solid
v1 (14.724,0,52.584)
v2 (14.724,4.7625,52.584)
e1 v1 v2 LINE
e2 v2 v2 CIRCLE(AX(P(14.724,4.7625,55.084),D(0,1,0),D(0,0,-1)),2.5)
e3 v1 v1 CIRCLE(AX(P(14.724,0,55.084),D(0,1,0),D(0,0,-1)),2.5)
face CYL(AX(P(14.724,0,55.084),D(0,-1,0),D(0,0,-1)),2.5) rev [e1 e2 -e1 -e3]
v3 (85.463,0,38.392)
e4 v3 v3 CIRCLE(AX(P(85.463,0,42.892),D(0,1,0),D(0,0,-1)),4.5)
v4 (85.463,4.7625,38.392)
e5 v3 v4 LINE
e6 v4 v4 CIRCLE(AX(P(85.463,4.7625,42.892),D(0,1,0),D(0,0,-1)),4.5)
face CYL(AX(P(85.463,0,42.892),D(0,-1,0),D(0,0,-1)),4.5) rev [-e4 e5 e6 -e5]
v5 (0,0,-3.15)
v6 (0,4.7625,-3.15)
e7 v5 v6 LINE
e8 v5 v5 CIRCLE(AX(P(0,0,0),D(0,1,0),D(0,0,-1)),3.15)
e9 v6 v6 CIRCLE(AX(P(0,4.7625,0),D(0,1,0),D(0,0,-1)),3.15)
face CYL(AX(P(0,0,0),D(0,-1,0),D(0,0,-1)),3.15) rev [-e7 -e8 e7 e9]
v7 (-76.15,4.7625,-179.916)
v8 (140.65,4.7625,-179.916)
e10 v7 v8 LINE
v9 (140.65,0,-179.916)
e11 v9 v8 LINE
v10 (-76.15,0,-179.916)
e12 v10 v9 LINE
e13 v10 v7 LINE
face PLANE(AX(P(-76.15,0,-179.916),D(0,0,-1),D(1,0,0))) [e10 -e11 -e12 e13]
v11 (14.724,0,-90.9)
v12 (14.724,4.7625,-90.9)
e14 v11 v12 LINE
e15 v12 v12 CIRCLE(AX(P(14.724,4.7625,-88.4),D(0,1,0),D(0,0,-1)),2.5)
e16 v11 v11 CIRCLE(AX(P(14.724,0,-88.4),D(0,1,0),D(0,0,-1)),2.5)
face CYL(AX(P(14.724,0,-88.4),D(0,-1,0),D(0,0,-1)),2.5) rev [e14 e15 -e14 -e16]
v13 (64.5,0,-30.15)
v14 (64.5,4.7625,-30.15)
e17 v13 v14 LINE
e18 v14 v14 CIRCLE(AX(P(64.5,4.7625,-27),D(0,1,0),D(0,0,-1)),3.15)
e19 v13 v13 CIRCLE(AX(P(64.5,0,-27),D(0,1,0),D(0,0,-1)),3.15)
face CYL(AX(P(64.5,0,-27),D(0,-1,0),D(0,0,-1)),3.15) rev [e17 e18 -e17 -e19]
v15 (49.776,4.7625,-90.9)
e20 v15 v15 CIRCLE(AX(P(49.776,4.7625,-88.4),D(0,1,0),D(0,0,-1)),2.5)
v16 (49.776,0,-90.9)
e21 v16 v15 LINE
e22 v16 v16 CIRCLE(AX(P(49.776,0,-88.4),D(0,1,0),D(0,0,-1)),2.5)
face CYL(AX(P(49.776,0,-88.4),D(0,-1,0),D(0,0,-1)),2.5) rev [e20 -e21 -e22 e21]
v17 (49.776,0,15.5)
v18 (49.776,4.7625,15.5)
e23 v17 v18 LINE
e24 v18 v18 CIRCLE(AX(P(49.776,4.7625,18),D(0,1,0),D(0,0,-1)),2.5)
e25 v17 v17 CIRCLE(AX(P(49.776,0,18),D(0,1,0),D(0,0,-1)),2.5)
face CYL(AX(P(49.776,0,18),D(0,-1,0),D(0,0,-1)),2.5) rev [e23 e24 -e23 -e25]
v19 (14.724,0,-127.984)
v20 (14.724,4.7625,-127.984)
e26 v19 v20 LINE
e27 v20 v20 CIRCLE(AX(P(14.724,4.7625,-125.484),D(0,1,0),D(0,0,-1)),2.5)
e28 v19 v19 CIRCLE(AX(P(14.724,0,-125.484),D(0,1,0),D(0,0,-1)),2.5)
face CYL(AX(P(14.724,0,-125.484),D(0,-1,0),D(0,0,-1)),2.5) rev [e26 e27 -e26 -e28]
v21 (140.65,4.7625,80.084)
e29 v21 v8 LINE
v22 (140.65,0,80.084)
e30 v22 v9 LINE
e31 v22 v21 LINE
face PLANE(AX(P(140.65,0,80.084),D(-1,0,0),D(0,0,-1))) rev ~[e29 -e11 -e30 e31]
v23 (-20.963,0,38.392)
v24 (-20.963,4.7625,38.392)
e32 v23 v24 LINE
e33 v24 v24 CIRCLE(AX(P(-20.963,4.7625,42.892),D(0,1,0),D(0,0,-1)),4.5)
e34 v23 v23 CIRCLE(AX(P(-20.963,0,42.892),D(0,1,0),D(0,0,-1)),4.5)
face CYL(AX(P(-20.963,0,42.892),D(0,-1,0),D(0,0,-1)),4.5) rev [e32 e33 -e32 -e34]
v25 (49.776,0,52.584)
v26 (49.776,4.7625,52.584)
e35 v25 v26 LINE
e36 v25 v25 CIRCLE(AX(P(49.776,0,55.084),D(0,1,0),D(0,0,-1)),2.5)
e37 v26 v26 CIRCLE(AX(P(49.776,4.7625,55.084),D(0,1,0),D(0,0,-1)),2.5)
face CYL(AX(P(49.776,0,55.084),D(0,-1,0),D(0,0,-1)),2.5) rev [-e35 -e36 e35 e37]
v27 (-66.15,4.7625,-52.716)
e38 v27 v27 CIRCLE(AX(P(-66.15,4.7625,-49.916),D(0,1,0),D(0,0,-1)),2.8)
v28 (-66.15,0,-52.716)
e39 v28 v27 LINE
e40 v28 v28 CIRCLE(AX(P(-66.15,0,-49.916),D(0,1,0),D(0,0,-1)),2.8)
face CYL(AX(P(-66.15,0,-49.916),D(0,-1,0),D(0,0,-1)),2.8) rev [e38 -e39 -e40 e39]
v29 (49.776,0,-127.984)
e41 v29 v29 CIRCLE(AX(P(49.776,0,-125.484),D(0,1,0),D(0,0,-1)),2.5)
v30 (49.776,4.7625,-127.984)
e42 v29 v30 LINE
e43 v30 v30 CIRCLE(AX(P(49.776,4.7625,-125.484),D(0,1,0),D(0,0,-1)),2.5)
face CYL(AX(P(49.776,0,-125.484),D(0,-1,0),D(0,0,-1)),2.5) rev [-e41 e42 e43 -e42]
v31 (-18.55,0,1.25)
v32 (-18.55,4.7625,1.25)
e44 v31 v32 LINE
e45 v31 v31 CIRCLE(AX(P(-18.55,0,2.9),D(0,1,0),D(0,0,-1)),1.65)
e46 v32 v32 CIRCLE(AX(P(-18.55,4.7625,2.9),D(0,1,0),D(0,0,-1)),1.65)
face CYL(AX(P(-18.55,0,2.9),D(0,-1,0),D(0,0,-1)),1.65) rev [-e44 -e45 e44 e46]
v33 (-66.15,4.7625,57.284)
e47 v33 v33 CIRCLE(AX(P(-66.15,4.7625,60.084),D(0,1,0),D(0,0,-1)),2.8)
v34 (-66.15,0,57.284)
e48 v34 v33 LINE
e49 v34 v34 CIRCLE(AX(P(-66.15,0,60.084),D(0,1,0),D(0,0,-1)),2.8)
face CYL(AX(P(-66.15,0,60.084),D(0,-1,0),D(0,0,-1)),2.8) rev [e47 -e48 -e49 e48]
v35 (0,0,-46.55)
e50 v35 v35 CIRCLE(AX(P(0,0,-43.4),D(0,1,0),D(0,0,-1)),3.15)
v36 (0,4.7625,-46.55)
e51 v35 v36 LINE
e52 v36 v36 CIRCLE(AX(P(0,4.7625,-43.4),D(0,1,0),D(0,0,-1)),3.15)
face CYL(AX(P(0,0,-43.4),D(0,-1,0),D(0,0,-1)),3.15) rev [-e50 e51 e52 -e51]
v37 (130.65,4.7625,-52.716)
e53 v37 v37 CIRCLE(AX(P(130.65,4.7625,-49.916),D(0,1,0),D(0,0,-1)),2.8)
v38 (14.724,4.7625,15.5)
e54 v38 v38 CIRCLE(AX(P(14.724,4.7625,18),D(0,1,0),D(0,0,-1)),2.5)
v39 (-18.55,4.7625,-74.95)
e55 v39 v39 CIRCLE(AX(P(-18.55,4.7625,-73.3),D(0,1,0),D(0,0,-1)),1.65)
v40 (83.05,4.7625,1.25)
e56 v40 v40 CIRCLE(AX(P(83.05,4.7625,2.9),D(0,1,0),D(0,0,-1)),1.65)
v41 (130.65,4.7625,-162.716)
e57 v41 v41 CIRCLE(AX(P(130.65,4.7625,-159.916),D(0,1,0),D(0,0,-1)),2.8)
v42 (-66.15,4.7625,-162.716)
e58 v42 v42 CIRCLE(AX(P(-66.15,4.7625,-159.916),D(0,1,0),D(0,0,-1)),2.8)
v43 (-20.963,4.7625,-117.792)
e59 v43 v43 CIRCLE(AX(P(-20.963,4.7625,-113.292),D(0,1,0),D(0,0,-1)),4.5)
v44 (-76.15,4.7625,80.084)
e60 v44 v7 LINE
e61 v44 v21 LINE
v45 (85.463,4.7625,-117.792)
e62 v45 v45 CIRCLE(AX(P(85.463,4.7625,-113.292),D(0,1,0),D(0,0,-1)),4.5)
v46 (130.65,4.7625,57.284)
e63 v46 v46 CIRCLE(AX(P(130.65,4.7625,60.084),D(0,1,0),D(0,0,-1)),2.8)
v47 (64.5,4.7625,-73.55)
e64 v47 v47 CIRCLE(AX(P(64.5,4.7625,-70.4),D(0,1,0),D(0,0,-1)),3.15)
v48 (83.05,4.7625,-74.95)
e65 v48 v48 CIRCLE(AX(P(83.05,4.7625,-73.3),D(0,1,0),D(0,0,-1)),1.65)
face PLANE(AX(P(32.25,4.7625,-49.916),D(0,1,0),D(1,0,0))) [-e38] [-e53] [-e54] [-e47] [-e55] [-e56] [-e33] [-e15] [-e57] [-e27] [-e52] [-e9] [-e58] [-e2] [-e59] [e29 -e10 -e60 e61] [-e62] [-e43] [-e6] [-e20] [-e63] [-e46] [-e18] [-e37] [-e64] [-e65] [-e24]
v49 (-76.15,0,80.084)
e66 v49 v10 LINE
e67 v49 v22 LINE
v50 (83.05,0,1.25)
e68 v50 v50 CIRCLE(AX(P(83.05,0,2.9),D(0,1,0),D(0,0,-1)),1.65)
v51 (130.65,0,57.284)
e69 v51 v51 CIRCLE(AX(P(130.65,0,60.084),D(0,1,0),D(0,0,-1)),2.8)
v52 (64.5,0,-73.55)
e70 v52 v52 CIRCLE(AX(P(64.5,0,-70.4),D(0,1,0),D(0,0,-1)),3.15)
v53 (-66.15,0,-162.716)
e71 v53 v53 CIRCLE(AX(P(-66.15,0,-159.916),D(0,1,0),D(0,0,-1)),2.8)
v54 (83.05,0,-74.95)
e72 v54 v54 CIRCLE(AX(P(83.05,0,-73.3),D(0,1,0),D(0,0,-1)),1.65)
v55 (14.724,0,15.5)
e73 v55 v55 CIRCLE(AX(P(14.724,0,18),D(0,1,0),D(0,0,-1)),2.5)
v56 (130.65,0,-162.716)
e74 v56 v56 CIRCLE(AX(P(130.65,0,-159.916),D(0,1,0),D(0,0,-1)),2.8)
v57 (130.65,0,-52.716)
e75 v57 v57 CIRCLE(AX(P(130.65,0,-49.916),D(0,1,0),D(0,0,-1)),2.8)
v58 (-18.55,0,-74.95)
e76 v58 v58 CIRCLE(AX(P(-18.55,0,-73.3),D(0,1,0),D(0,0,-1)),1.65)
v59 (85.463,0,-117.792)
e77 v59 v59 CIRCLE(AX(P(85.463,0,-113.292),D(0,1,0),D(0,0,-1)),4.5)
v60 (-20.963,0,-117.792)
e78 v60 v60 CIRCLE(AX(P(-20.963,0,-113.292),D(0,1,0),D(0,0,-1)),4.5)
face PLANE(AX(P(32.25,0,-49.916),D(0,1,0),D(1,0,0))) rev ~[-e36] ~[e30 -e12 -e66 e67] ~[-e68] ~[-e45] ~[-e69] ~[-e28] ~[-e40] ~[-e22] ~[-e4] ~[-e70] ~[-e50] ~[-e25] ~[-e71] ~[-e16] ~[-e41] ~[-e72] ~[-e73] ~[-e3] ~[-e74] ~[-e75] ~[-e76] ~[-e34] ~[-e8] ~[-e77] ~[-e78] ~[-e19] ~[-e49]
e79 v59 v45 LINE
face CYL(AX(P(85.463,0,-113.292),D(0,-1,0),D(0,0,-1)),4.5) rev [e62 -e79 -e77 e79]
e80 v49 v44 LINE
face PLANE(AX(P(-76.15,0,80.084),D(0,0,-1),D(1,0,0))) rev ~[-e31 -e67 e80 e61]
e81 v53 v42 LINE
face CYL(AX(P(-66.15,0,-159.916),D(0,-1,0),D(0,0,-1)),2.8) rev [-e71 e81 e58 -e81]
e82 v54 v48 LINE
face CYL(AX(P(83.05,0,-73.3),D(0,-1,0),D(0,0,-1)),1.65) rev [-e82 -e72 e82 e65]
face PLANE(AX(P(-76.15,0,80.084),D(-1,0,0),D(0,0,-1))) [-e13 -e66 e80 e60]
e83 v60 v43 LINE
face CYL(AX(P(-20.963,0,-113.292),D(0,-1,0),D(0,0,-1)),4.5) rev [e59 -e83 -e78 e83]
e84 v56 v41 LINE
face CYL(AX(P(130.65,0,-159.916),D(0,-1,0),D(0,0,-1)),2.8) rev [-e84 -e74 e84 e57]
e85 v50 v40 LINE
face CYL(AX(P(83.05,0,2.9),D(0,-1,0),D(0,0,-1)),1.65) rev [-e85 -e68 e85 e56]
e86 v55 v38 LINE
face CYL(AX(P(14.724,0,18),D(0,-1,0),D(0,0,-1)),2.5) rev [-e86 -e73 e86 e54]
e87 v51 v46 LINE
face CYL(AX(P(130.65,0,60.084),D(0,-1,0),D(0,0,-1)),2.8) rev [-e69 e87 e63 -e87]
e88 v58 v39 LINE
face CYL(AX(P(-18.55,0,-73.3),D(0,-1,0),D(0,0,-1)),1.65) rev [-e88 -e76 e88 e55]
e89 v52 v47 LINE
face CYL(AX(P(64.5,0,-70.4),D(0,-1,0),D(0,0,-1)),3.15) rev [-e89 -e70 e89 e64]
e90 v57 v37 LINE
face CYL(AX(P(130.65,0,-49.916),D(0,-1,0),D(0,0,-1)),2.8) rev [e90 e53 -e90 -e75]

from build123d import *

# Parameters (mm, degrees)
SKETCH1_W           = 216.8
SKETCH1_H           = 260
SKETCH1_R           = 3.15
SKETCH1_R_2         = 2.5
SKETCH1_R_3         = 4.5
SKETCH1_R_4         = 2.8
SKETCH1_R_5         = 1.65
BOSS_EXTRUDE1_DEPTH = 4.7625


with BuildPart() as part:
    # Sketch1 → Boss-Extrude1 (new body)
    with BuildSketch(Plane(origin=(0, 0, 0), x_dir=(1, 0, 0), z_dir=(0, 1, 0))):
        with Locations((32.25, 49.916)):
            Rectangle(SKETCH1_W, SKETCH1_H)
        with Locations(Location((0, 0, 0), (0, 0, 90))):
            Circle(SKETCH1_R, mode=Mode.SUBTRACT)
        with Locations(Location((64.5, 27, 0), (0, 0, 90))):
            Circle(SKETCH1_R, mode=Mode.SUBTRACT)
        with Locations(Location((0, 43.4, 0), (0, 0, 90))):
            Circle(SKETCH1_R, mode=Mode.SUBTRACT)
        with Locations(Location((64.5, 70.4, 0), (0, 0, 90))):
            Circle(SKETCH1_R, mode=Mode.SUBTRACT)
        with Locations(Location((14.724, 125.484, 0), (0, 0, 90))):
            Circle(SKETCH1_R_2, mode=Mode.SUBTRACT)
        with Locations(Location((49.776, 125.484, 0), (0, 0, 90))):
            Circle(SKETCH1_R_2, mode=Mode.SUBTRACT)
        with Locations(Location((14.724, 88.4, 0), (0, 0, 90))):
            Circle(SKETCH1_R_2, mode=Mode.SUBTRACT)
        with Locations(Location((49.776, 88.4, 0), (0, 0, 90))):
            Circle(SKETCH1_R_2, mode=Mode.SUBTRACT)
        with Locations(Location((-20.963, 113.292, 0), (0, 0, 90))):
            Circle(SKETCH1_R_3, mode=Mode.SUBTRACT)
        with Locations(Location((85.463, 113.292, 0), (0, 0, 90))):
            Circle(SKETCH1_R_3, mode=Mode.SUBTRACT)
        with Locations(Location((14.724, -18, 0), (0, 0, 90))):
            Circle(SKETCH1_R_2, mode=Mode.SUBTRACT)
        with Locations(Location((49.776, -18, 0), (0, 0, 90))):
            Circle(SKETCH1_R_2, mode=Mode.SUBTRACT)
        with Locations(Location((14.724, -55.084, 0), (0, 0, 90))):
            Circle(SKETCH1_R_2, mode=Mode.SUBTRACT)
        with Locations(Location((49.776, -55.084, 0), (0, 0, 90))):
            Circle(SKETCH1_R_2, mode=Mode.SUBTRACT)
        with Locations(Location((-20.963, -42.892, 0), (0, 0, 90))):
            Circle(SKETCH1_R_3, mode=Mode.SUBTRACT)
        with Locations(Location((85.463, -42.892, 0), (0, 0, 90))):
            Circle(SKETCH1_R_3, mode=Mode.SUBTRACT)
        with Locations(Location((-66.15, 159.916, 0), (0, 0, 90))):
            Circle(SKETCH1_R_4, mode=Mode.SUBTRACT)
        with Locations(Location((-66.15, 49.916, 0), (0, 0, 90))):
            Circle(SKETCH1_R_4, mode=Mode.SUBTRACT)
        with Locations(Location((-66.15, -60.084, 0), (0, 0, 90))):
            Circle(SKETCH1_R_4, mode=Mode.SUBTRACT)
        with Locations(Location((130.65, -60.084, 0), (0, 0, 90))):
            Circle(SKETCH1_R_4, mode=Mode.SUBTRACT)
        with Locations(Location((130.65, 49.916, 0), (0, 0, 90))):
            Circle(SKETCH1_R_4, mode=Mode.SUBTRACT)
        with Locations(Location((130.65, 159.916, 0), (0, 0, 90))):
            Circle(SKETCH1_R_4, mode=Mode.SUBTRACT)
        with Locations(Location((-18.55, 73.3, 0), (0, 0, 90))):
            Circle(SKETCH1_R_5, mode=Mode.SUBTRACT)
        with Locations(Location((83.05, 73.3, 0), (0, 0, 90))):
            Circle(SKETCH1_R_5, mode=Mode.SUBTRACT)
        with Locations(Location((-18.55, -2.9, 0), (0, 0, 90))):
            Circle(SKETCH1_R_5, mode=Mode.SUBTRACT)
        with Locations(Location((83.05, -2.9, 0), (0, 0, 90))):
            Circle(SKETCH1_R_5, mode=Mode.SUBTRACT)
    extrude(amount=BOSS_EXTRUDE1_DEPTH)


solid = part.part
